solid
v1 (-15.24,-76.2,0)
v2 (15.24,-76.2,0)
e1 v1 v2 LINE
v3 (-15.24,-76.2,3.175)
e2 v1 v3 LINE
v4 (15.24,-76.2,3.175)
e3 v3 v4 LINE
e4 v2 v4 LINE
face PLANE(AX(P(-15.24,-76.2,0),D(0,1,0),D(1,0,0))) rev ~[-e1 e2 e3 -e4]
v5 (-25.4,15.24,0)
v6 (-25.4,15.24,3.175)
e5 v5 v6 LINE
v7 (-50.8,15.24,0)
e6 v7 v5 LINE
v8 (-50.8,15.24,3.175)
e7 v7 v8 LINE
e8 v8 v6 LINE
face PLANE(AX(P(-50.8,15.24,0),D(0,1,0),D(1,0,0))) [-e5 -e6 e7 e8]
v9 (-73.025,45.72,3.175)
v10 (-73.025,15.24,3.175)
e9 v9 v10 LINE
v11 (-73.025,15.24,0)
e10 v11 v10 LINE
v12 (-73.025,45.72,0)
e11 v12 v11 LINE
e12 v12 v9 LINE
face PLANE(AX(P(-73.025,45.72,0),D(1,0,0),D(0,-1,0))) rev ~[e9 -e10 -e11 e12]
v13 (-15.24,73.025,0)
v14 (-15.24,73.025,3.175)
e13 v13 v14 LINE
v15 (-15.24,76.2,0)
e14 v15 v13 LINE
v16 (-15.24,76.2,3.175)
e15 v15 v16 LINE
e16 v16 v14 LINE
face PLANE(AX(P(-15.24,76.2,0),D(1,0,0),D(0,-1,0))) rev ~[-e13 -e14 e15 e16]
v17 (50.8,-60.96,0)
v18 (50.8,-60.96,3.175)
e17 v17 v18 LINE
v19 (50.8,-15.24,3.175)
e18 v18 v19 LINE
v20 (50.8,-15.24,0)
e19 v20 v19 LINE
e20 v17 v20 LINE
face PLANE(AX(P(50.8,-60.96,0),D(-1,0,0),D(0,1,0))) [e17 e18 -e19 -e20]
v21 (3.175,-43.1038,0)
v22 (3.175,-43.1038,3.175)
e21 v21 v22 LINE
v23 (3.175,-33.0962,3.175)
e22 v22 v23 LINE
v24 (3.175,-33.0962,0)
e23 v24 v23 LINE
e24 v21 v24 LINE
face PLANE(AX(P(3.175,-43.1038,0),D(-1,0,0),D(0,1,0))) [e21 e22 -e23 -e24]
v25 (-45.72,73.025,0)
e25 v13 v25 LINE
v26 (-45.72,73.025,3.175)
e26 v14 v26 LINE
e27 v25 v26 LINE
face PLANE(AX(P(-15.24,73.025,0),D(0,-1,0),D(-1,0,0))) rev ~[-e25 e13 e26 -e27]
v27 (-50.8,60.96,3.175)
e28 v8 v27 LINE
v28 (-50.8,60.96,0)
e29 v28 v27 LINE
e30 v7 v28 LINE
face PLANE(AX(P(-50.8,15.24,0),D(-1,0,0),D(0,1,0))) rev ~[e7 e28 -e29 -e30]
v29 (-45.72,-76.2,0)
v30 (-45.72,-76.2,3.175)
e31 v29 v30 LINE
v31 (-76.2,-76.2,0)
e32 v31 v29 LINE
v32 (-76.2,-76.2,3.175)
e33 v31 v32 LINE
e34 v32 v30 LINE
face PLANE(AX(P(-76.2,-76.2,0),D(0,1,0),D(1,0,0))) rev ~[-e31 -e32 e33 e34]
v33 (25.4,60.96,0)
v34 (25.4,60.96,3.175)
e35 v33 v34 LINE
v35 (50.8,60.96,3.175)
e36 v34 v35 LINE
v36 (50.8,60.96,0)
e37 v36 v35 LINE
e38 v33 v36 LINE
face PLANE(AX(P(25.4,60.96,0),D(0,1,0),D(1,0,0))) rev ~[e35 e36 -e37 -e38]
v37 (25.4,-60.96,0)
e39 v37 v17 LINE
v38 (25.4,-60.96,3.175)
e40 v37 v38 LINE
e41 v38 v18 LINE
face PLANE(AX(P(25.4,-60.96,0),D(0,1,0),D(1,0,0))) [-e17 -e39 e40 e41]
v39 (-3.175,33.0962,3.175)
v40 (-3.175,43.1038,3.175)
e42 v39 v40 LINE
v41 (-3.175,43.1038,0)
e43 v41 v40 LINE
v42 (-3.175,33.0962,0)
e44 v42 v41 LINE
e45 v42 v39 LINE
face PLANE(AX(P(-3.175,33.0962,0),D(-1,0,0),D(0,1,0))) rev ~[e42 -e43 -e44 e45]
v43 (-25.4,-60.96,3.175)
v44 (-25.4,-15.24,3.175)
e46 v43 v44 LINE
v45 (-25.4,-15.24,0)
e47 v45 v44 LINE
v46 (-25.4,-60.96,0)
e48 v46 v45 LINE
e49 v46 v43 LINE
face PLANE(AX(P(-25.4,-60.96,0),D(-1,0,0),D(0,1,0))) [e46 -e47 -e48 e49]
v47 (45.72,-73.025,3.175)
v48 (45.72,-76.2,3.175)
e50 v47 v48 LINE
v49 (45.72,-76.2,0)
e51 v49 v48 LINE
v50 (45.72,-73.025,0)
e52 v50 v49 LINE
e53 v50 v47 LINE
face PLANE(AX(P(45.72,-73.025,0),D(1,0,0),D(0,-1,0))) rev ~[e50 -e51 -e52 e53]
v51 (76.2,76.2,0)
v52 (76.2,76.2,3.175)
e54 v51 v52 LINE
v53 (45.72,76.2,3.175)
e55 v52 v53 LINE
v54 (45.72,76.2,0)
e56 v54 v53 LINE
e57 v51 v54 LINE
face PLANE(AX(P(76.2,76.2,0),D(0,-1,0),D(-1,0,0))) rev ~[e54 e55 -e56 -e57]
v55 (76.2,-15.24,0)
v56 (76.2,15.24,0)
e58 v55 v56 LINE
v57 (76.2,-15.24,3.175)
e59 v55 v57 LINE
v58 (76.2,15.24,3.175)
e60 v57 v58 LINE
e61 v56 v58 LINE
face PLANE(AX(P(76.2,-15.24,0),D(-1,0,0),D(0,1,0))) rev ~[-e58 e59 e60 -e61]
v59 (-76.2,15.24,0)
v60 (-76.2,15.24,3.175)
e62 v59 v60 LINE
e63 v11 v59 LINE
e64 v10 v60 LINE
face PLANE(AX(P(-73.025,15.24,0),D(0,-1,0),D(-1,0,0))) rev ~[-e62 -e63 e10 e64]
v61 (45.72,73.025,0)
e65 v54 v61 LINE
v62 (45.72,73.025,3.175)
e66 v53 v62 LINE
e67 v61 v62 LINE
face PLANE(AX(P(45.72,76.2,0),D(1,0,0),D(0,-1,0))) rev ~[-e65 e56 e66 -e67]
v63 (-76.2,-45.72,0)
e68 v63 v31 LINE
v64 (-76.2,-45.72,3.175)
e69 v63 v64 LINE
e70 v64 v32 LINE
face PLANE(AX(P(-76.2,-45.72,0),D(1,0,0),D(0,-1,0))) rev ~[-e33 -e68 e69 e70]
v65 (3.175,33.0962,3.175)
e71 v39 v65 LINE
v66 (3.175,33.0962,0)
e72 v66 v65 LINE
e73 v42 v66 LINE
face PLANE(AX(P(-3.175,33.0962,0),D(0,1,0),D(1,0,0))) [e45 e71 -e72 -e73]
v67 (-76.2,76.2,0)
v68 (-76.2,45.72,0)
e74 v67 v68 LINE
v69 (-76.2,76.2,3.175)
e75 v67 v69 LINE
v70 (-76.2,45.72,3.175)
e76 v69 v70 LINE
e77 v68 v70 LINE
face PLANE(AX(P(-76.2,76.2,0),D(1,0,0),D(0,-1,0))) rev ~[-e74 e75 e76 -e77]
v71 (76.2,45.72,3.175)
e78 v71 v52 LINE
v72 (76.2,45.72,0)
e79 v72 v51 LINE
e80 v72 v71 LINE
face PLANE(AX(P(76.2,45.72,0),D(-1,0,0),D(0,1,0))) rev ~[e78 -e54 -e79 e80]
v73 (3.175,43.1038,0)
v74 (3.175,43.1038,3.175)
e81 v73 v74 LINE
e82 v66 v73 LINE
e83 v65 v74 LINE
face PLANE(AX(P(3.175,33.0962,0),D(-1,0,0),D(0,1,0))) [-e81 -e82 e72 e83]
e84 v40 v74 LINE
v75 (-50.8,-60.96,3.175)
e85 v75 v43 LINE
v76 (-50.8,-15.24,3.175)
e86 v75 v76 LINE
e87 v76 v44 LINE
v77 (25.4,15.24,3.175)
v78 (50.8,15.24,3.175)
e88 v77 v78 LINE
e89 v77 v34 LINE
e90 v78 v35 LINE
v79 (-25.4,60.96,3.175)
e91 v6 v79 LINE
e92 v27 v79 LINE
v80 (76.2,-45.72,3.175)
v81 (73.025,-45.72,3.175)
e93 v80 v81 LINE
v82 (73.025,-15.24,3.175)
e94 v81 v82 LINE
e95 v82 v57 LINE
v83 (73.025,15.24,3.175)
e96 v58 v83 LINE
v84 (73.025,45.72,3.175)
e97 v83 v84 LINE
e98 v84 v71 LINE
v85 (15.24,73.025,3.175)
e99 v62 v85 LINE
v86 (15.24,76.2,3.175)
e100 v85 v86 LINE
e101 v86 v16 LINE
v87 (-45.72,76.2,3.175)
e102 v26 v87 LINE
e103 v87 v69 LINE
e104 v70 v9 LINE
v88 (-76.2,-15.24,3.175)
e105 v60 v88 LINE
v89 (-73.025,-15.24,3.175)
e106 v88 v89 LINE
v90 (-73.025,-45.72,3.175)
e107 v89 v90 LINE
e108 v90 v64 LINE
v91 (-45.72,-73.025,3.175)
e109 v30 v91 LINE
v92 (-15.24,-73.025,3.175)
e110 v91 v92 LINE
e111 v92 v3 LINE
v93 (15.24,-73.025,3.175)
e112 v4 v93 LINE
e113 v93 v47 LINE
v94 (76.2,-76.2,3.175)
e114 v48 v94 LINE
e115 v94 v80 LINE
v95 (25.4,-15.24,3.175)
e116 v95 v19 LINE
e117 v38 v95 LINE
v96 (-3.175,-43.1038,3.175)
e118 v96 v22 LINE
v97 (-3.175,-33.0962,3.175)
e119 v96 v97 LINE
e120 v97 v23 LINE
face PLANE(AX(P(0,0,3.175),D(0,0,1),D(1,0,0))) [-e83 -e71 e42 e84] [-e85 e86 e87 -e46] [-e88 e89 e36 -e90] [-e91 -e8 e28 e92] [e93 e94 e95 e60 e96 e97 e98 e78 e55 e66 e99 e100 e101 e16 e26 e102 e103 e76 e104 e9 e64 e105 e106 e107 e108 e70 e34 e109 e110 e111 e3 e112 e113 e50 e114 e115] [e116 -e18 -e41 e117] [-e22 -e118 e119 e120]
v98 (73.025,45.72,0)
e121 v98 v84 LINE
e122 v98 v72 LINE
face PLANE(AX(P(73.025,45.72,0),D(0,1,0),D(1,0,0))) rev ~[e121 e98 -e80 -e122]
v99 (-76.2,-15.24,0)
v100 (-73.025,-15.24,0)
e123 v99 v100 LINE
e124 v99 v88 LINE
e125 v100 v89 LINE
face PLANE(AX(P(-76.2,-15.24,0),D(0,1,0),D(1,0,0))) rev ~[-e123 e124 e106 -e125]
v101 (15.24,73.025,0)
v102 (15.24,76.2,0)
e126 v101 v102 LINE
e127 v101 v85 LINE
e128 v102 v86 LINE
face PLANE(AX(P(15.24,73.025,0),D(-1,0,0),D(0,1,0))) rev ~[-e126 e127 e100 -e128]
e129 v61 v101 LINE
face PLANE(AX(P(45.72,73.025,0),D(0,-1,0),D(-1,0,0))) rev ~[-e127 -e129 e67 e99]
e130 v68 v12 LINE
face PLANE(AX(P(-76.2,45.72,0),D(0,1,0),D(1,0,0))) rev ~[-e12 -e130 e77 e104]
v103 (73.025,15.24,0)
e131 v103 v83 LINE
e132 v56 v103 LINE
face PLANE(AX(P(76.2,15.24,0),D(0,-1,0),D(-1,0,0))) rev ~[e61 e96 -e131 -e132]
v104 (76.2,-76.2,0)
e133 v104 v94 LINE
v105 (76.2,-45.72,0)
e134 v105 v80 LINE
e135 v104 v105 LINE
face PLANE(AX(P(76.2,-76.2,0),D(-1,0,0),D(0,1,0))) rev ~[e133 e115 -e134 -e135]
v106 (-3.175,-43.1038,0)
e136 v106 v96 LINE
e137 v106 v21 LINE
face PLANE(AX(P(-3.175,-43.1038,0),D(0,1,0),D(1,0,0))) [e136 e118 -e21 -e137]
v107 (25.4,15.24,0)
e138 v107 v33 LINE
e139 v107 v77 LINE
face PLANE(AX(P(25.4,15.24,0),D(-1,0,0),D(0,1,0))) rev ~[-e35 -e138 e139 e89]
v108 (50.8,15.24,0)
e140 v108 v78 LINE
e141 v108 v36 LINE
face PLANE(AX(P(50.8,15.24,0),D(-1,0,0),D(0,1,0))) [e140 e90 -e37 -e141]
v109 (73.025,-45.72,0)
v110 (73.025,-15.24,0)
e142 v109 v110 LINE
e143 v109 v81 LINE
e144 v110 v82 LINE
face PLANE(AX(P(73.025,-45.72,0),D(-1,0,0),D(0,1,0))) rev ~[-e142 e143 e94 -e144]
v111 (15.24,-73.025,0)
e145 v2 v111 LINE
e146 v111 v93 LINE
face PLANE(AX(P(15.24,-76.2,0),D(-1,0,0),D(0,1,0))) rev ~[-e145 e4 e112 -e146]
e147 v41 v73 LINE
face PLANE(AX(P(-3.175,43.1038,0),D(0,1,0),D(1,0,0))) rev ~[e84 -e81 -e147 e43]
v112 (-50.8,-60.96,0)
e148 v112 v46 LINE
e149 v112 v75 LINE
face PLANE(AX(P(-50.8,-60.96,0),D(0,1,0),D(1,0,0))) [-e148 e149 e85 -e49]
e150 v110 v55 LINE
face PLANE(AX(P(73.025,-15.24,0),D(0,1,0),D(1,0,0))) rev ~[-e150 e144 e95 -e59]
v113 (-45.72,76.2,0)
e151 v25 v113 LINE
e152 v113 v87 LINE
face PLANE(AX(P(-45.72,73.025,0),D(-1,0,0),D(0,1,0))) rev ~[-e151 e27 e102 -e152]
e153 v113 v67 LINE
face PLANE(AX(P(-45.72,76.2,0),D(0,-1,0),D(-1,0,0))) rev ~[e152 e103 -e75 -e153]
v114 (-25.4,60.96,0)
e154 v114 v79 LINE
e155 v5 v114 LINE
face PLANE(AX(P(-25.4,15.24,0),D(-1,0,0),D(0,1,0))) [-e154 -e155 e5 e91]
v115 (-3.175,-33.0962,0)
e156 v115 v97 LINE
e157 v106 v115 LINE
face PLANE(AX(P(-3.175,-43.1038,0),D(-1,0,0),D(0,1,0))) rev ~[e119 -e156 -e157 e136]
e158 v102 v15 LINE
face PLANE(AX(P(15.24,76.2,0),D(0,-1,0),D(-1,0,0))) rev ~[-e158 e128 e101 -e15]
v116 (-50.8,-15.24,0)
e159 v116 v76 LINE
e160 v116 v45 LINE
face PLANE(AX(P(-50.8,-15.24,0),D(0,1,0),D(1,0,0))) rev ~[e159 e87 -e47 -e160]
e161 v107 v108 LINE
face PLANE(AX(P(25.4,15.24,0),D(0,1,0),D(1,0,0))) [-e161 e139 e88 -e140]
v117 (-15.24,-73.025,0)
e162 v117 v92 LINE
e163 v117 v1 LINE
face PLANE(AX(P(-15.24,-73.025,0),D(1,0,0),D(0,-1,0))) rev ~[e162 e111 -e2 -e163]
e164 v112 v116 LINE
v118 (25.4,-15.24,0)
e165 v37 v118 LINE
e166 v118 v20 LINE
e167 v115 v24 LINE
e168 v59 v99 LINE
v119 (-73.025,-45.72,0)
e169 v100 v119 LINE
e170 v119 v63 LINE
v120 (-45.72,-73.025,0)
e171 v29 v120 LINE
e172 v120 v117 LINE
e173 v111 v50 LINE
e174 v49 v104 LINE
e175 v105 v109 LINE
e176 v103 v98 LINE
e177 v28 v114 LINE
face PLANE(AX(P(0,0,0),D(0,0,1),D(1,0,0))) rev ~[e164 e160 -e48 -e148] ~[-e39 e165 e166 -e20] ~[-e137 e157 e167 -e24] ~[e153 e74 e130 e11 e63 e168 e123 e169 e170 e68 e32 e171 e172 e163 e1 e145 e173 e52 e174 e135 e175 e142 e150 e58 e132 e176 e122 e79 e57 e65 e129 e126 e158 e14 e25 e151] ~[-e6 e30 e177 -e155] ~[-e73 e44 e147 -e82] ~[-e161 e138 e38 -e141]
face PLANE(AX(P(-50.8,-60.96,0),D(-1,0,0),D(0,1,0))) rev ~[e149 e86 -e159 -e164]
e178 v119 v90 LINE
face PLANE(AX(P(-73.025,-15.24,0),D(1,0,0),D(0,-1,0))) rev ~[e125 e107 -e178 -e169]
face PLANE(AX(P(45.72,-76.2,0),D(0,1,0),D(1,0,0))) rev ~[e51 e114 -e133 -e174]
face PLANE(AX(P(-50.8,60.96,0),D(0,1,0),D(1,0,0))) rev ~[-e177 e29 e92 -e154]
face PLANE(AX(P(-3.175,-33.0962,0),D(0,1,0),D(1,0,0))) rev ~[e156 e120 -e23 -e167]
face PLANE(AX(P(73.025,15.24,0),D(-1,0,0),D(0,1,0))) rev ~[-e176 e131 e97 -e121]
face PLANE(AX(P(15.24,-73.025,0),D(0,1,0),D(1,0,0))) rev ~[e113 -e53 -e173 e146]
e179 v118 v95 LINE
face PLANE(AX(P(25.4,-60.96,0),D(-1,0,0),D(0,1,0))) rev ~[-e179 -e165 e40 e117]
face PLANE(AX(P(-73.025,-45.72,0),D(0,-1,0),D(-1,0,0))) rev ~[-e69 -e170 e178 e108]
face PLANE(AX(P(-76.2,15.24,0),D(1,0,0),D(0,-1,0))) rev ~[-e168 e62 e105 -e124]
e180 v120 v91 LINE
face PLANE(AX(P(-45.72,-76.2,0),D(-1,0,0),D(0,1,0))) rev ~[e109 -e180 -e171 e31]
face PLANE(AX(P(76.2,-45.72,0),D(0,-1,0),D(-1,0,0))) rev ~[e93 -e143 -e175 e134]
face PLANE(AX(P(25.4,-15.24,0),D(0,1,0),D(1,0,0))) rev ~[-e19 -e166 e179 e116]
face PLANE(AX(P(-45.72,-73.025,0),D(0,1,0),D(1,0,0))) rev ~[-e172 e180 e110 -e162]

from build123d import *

# Parameters (mm, degrees)
F0_W     = 25.4
F0_H     = 45.72
F0_W_2   = 6.35
F0_H_2   = 10.0076
F1_DEPTH = 3.175


with BuildPart() as f1:
    # F0 (on Top) → F1 (new body)
    with BuildSketch(Plane.XY):
        Polygon((-45.72, 76.2), (-76.2, 76.2), (-76.2, 45.72), (-73.025, 45.72), (-73.025, 15.24), (-76.2, 15.24), (-76.2, -15.24), (-73.025, -15.24), (-73.025, -45.72), (-76.2, -45.72), (-76.2, -76.2), (-45.72, -76.2), (-45.72, -73.025), (-15.24, -73.025), (-15.24, -76.2), (15.24, -76.2), (15.24, -73.025), (45.72, -73.025), (45.72, -76.2), (76.2, -76.2), (76.2, -45.72), (73.025, -45.72), (73.025, -15.24), (76.2, -15.24), (76.2, 15.24), (73.025, 15.24), (73.025, 45.72), (76.2, 45.72), (76.2, 76.2), (45.72, 76.2), (45.72, 73.025), (15.24, 73.025), (15.24, 76.2), (-15.24, 76.2), (-15.24, 73.025), (-45.72, 73.025), align=None)
        with Locations((-38.1, -38.1)):
            Rectangle(F0_W, F0_H, mode=Mode.SUBTRACT)
        with Locations((0, -38.1)):
            Rectangle(F0_W_2, F0_H_2, mode=Mode.SUBTRACT)
        with Locations((38.1, -38.1)):
            Rectangle(F0_W, F0_H, mode=Mode.SUBTRACT)
        with Locations((-38.1, 38.1)):
            Rectangle(F0_W, F0_H, mode=Mode.SUBTRACT)
        with Locations((0, 38.1)):
            Rectangle(F0_W_2, F0_H_2, mode=Mode.SUBTRACT)
        with Locations((38.1, 38.1)):
            Rectangle(F0_W, F0_H, mode=Mode.SUBTRACT)
    extrude(amount=F1_DEPTH)


solid = f1.part
